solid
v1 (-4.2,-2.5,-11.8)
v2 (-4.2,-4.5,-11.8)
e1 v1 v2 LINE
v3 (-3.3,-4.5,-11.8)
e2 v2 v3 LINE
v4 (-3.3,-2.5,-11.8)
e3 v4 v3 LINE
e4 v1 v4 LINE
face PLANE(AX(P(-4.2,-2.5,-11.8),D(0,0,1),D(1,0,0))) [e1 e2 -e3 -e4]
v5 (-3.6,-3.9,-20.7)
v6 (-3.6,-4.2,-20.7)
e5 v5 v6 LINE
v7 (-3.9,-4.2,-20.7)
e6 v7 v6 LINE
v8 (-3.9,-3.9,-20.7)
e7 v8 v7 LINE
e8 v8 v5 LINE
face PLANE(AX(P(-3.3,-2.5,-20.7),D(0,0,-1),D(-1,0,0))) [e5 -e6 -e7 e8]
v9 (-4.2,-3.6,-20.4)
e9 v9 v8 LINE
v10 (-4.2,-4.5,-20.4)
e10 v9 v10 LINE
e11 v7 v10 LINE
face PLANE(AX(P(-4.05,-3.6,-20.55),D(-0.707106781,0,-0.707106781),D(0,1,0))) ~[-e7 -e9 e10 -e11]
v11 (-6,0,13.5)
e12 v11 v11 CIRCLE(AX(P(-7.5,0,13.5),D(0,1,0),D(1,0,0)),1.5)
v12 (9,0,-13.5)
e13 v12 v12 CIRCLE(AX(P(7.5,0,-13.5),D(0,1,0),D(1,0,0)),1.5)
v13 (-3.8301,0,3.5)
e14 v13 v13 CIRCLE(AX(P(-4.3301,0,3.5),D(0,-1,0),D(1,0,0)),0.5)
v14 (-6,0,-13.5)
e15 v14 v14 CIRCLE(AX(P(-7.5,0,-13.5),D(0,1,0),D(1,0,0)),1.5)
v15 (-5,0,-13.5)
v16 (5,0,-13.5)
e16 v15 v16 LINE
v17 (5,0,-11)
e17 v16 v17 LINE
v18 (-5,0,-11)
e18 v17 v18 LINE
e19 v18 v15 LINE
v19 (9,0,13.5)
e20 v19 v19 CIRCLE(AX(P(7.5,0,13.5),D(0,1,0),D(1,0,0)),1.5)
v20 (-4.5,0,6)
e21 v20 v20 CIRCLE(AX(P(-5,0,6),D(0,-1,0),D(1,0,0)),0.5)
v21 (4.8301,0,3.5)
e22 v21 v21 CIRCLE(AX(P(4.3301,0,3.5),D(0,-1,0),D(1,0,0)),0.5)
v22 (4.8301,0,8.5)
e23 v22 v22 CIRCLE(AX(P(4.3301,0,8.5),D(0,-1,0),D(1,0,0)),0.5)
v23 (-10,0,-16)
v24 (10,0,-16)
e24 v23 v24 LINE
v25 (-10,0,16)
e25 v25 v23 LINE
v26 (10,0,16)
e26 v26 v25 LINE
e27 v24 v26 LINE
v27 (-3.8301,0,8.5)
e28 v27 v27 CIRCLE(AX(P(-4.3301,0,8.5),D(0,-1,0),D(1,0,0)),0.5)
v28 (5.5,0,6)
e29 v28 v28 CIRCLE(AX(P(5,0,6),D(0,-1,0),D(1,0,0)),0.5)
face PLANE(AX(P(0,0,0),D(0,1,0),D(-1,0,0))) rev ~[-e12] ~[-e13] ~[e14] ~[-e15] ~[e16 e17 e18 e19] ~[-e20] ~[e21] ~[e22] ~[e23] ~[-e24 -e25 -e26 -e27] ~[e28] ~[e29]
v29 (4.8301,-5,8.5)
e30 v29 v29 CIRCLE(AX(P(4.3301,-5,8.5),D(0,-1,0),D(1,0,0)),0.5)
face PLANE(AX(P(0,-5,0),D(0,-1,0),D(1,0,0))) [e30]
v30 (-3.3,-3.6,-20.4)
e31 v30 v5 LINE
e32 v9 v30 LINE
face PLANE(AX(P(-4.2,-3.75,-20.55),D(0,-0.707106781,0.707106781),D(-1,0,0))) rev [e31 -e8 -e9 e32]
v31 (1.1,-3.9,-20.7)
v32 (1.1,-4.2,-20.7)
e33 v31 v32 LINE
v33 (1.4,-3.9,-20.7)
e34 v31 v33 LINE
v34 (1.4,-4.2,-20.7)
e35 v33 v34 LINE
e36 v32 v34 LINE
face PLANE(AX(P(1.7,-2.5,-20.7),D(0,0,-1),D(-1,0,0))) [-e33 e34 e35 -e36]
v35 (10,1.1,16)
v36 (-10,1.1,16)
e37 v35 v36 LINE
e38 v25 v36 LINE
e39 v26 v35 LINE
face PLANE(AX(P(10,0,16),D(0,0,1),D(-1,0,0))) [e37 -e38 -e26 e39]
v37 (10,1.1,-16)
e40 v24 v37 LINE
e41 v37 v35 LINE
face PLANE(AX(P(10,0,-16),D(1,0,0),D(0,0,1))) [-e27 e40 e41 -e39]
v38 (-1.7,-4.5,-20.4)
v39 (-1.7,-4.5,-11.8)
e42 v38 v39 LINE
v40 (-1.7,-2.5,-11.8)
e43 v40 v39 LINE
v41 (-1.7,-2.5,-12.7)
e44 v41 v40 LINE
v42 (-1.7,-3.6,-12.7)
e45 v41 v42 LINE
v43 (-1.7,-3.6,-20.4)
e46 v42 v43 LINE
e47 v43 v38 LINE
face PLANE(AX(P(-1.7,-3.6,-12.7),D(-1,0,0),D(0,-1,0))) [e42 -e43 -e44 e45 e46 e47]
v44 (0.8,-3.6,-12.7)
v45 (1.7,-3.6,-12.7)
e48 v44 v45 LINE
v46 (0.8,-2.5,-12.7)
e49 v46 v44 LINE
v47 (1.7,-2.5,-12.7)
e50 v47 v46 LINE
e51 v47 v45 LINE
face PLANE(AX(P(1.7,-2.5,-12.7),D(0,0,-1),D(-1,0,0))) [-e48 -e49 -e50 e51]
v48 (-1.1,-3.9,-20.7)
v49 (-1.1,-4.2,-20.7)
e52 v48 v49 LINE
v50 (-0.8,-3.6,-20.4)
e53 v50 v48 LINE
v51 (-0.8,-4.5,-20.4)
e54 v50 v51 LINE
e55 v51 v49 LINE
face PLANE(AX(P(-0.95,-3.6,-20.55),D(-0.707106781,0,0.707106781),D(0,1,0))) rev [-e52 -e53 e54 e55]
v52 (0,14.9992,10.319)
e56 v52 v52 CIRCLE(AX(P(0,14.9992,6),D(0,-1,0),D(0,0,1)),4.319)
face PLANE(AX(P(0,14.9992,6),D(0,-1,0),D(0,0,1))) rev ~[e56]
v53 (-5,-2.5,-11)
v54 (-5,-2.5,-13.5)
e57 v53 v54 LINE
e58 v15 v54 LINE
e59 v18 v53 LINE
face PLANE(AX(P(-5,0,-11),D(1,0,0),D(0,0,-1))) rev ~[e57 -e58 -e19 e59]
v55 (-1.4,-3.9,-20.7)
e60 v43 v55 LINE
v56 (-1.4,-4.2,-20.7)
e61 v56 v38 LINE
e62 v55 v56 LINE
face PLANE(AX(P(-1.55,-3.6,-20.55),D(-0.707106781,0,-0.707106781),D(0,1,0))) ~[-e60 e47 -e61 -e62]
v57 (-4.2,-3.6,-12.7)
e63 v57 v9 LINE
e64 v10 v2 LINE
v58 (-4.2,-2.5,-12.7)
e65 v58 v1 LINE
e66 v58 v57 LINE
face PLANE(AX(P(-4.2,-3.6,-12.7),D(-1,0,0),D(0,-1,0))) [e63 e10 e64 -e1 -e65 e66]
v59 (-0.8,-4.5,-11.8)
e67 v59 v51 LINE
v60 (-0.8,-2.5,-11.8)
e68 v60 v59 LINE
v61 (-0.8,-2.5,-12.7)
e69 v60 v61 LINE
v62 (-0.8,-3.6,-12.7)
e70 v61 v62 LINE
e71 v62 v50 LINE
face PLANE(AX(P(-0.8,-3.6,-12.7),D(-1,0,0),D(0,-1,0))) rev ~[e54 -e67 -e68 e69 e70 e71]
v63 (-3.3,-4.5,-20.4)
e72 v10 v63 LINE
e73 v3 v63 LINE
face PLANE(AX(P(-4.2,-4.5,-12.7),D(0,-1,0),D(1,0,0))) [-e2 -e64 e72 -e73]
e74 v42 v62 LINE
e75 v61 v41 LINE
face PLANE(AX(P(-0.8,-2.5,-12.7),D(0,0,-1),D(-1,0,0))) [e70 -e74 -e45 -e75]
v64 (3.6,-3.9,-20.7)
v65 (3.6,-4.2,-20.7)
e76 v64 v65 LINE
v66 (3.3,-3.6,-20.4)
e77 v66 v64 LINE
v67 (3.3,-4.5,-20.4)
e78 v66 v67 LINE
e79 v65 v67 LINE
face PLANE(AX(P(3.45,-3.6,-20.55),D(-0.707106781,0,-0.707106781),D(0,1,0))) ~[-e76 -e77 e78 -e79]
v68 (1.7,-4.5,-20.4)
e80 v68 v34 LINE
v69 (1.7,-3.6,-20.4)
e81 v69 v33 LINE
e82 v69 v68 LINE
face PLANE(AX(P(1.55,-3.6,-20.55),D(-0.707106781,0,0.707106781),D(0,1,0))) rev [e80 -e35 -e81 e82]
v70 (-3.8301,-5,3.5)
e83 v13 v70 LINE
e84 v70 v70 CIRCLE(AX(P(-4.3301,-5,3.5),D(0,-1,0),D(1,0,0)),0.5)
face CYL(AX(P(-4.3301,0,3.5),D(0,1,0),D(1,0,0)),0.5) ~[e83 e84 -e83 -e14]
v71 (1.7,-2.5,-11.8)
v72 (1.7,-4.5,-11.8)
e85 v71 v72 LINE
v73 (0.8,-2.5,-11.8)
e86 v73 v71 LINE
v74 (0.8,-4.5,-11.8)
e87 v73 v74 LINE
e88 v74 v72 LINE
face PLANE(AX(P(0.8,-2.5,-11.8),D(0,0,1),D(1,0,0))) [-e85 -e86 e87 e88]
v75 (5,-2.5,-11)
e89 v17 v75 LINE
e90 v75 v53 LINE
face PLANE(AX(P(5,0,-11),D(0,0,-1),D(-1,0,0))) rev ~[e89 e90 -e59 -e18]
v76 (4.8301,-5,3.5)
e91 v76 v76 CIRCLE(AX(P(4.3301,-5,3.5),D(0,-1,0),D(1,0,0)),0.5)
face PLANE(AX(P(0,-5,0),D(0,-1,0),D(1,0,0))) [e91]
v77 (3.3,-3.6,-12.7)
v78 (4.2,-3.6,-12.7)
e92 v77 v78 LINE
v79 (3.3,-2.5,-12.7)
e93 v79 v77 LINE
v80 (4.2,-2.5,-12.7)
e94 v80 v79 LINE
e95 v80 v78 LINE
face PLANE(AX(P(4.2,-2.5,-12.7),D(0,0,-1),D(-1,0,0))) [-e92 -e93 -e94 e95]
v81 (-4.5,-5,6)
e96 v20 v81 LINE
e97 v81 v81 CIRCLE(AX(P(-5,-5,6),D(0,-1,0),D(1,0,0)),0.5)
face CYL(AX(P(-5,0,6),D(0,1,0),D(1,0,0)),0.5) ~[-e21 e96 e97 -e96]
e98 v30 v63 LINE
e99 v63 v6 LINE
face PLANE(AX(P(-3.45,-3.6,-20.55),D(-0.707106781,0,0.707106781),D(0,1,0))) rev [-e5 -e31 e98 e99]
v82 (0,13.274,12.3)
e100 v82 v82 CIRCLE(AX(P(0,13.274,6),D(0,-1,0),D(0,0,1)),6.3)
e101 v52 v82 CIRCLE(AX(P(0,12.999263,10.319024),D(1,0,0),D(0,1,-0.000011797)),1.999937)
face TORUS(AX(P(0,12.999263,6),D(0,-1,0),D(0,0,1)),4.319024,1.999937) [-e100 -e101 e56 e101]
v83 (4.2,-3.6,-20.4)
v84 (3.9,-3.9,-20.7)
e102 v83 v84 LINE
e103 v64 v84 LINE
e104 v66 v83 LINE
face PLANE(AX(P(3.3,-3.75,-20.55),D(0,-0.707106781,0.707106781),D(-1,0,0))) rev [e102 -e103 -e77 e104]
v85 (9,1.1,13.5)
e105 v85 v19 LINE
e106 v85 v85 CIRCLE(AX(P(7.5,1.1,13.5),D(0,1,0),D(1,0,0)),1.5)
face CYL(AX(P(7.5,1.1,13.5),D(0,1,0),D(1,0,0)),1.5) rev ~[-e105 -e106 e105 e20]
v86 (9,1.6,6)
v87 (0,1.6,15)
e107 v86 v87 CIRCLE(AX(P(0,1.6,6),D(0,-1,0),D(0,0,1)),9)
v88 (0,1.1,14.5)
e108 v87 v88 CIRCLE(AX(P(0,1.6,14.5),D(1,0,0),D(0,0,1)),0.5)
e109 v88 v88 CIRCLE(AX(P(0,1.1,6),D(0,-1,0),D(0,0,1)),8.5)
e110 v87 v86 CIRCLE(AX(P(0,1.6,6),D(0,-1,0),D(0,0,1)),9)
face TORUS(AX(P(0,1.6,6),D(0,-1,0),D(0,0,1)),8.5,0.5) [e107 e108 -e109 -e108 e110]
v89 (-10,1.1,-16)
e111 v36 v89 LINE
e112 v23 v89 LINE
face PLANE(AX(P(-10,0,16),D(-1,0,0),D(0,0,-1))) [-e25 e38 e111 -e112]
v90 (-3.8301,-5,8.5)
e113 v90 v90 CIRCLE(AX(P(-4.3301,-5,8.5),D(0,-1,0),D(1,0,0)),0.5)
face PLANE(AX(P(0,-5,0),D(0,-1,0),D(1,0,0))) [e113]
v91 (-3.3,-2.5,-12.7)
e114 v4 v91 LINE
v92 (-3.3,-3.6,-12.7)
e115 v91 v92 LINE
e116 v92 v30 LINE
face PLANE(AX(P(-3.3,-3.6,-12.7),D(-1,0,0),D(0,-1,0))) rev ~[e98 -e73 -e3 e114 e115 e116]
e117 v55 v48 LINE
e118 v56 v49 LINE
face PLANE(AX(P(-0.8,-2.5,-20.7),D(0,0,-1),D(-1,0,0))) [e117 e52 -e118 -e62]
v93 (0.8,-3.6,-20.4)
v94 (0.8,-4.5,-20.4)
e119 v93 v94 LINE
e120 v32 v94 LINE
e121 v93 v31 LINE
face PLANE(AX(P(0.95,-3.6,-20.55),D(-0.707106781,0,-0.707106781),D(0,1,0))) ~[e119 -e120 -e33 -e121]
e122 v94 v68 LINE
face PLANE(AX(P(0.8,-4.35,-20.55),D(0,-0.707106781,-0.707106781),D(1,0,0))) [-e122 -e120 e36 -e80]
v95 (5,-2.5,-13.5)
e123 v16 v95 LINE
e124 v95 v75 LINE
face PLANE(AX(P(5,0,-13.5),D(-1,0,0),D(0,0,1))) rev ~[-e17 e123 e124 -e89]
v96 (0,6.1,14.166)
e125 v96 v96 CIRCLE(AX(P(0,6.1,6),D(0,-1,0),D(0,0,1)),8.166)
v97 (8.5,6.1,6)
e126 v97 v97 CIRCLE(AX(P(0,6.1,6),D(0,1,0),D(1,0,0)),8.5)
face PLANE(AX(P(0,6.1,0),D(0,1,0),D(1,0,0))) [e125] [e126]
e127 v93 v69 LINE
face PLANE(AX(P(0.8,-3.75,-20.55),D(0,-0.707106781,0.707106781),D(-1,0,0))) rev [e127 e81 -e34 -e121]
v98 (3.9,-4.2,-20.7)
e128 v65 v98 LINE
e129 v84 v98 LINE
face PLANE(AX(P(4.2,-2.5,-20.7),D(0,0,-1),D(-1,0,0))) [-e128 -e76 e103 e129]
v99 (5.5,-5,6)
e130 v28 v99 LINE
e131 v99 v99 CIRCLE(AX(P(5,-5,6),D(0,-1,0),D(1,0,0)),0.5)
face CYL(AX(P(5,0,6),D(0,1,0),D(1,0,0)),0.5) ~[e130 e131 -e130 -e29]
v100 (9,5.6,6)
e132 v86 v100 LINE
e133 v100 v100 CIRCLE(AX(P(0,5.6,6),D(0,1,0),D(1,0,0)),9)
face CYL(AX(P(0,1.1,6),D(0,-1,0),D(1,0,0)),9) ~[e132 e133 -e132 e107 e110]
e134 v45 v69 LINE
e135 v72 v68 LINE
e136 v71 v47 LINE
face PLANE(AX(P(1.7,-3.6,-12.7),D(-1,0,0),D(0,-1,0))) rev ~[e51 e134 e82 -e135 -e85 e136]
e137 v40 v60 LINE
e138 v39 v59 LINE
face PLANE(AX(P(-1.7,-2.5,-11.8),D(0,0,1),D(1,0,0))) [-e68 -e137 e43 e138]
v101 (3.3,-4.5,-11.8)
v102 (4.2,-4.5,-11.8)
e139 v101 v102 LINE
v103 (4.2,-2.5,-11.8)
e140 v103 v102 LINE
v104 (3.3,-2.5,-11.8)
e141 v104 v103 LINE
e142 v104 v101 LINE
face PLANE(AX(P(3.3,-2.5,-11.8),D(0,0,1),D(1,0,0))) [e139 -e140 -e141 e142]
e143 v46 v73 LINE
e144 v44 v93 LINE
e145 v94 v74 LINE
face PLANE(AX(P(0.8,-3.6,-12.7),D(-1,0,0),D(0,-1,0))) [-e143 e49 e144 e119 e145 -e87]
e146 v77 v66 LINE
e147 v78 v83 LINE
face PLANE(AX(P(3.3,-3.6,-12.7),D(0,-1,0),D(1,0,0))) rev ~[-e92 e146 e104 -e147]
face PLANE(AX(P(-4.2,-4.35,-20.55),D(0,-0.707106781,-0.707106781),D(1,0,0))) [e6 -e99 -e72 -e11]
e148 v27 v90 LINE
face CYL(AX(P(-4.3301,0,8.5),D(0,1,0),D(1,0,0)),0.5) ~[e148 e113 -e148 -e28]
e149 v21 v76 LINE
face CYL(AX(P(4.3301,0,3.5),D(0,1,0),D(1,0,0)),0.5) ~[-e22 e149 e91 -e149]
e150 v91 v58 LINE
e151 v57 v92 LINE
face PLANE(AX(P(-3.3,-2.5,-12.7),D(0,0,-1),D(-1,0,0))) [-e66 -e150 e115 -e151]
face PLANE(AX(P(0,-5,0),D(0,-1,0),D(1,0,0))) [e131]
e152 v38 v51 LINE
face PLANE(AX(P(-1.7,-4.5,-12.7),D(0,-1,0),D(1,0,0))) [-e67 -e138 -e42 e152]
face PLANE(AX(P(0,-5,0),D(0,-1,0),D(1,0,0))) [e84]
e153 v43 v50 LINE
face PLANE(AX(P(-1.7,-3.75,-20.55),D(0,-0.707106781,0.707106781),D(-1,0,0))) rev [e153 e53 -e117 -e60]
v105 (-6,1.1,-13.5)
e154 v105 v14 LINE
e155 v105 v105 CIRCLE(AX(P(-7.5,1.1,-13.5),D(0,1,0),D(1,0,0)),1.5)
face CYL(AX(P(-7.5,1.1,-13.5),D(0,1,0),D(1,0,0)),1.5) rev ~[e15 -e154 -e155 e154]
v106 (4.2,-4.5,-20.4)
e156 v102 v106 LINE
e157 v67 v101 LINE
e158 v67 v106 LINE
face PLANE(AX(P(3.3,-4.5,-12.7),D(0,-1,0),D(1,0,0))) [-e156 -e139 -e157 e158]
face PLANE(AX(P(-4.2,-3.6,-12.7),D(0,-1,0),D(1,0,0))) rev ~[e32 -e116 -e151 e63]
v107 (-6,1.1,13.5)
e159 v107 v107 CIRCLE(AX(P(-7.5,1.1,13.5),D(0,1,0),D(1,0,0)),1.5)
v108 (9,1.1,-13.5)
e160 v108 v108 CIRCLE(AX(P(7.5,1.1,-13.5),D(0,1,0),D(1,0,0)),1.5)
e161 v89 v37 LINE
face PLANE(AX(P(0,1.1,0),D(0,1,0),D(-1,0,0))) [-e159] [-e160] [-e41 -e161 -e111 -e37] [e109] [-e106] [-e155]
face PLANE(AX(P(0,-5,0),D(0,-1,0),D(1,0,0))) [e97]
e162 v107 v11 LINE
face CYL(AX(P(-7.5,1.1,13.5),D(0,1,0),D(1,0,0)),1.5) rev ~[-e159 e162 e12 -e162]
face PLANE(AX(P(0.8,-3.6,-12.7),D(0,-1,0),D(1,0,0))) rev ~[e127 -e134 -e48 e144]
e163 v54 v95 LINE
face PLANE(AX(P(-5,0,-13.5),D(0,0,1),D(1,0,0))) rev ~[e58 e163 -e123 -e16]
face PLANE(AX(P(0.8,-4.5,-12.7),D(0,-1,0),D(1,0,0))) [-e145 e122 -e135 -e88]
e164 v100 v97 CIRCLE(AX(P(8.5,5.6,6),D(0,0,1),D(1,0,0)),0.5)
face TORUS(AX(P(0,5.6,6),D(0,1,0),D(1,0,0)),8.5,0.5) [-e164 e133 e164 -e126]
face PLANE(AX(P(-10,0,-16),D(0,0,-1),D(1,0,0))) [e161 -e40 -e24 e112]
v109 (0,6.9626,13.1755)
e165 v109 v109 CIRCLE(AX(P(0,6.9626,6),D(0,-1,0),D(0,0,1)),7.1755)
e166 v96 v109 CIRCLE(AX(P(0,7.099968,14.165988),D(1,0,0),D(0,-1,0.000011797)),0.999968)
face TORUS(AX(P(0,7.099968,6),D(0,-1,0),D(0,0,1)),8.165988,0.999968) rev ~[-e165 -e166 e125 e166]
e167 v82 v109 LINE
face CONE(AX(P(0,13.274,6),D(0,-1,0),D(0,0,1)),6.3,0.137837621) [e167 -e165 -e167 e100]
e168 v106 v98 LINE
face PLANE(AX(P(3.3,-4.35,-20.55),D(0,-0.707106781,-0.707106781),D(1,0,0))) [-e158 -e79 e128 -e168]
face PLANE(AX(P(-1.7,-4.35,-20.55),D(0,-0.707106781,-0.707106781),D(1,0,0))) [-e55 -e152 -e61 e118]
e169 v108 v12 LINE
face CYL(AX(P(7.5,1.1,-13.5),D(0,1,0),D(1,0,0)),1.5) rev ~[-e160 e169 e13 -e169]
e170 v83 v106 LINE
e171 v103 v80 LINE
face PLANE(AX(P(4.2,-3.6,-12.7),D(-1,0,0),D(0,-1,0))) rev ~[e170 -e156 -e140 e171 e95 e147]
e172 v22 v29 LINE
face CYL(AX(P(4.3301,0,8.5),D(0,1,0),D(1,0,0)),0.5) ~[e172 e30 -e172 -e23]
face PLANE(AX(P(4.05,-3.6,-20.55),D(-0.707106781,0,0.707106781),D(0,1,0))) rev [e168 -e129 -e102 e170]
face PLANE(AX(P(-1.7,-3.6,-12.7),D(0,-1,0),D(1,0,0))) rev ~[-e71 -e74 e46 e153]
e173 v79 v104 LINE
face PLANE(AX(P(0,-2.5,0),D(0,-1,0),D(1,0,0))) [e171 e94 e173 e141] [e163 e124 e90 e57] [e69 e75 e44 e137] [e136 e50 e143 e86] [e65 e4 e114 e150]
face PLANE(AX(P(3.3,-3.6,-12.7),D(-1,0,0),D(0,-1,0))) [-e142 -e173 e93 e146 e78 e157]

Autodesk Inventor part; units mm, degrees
ref_plane "YZ Plane" through (0, 0, 0) normal (1, 0, 0) x (0, 1, 0)
ref_plane "XZ Plane" through (0, 0, 0) normal (0, 1, 0) x (-1, 0, 0)
ref_plane "XY Plane" through (0, 0, 0) normal (0, 0, 1) x (1, 0, 0)
sketch "Sketch1" plane through (0, 0, 0) normal (0, 1, 0) x (-1, 0, 0)
  line L0 (10, -16) -> (-10, -16)
  line L1 (-10, -16) -> (-10, 16)
  line L2 (-10, 16) -> (10, 16)
  line L3 (10, 16) -> (10, -16)
  point P0 (0, 0)
  point P1 (0, -16)
  point P2 (10, 0)
  dimension "d0" = 20
  dimension "d1" = 32
extrude "Extrusion1" add sketch "Sketch1" along normal blind 1.1
sketch "Sketch2" plane through (0, 1.1, 0) normal (0, 1, 0) x (1, 0, 0)
  circle A0 centre (-7.5, -13.5) radius 1.5
  line L0 (-10, -16) -> (10, -16) projected
  line L1 (-10, 16) -> (-10, -16) projected
  line L2 (-10, 0) -> (10, 0) construction
  line L3 (0, -16) -> (0, 16)
  circle A1 centre (-7.5, 13.5) radius 1.5
  circle A2 centre (7.5, -13.5) radius 1.5
  circle A3 centre (7.5, 13.5) radius 1.5
  point P0 (0, 0)
  dimension "d4" = 3
  dimension "d5" = 2.5
  dimension "d6" = 2.5
extrude "Extrusion2" cut sketch "Sketch2" against normal through all
sketch "Sketch3" plane through (0, 1.1, 0) normal (0, 1, 0) x (1, 0, 0)
  circle A0 centre (0, -6) radius 9
  line L0 (-10, -16) -> (10, -16) projected
  point P0 (0, 0)
  dimension "d9" = 18
  dimension "d10" = 10
extrude "Extrusion3" add sketch "Sketch3" along normal blind 5
fillet "Fillet1" radius 0.5 1 edges at (-9, 6.1, 6)
sketch "Sketch4" plane through (0, 0, 0) normal (1, 0, 0) x (0, 1, 0)
  line L0 (1.1, 15) -> (5.6, 15) construction
  line L1 (1.1, 15) -> (1.1, 12) construction
  arc A0 (6.1, 14.5) -> (5.6, 15) centre (5.6, 14.5) ccw projected
  line L2 (1.1, 15) -> (1.1, 12.0001) projected
  line L3 (1.1, 15) -> (1.6, 15)
  line L4 (1.1, 15) -> (1.1, 14.5)
  arc A1 (1.6, 15) -> (1.1, 14.5) centre (1.6, 14.5) ccw
  line L5 (6.1, 6) -> (3.5731, 6) construction
  line L6 (6.1, 14.5) -> (6.1, -2.5) construction
  point P0 (0, 0)
  point P1 (1.1, 6)
  dimension "d17" = 0.5
  dimension "d18" = 0.5
revolve "Revolution1" cut sketch "Sketch4" angle 360 about axis through (0, 6.1, 6) along (0, -1, 0)
sketch "Sketch5" plane through (0, 0, 0) normal (1, 0, 0) x (0, 1, 0)
  line L0 (13.274, 6) -> (6.1, 6)
  line L1 (6.1, 14.5) -> (6.1, -2.5) projected
  arc A0 (6.1, 14.166) -> (6.9626, 13.1755) centre (7.1, 14.166) ccw
  line L2 (13.274, 12.3) -> (13.274, 6)
  line L3 (13.274, 12.3) -> (6.9626, 13.1755)
  line L4 (6.1, 14.166) -> (6.1, 6)
  line L5 (14.9992, 10.319) -> (14.9992, 6)
  line L6 (13.274, 6) -> (14.9992, 6)
  arc A1 (14.9992, 10.319) -> (13.274, 12.3) centre (12.9992, 10.319) ccw
  point P0 (0, 0)
  point P1 (13.274, 10.9657)
  dimension "d20" = 2
  dimension "d21" = 0.334
  dimension "d22" = 7.174
  dimension "d23" = 6.3
  dimension "d35" = 4
revolve "Revolution2" add sketch "Sketch5" angle 360 about axis through (0, 13.274, 6) along (0, -1, 0)
sketch "Sketch6" plane through (0, 0, 0) normal (0, -1, 0) x (1, 0, 0)
  circle A0 centre (0, 6) radius 7.166 projected
  circle A1 centre (0, 6) radius 5 construction
  circle A2 centre (5, 6) radius 0.5
  circle A3 centre (4.3301, 8.5) radius 0.5
  circle A4 centre (2.5, 10.3301) radius 0.5
  circle A5 centre (0, 11) radius 0.5
  circle A6 centre (-2.5, 10.3301) radius 0.5
  circle A7 centre (-4.3301, 8.5) radius 0.5
  circle A8 centre (-5, 6) radius 0.5
  circle A9 centre (-4.3301, 3.5) radius 0.5
  circle A10 centre (-2.5, 1.6699) radius 0.5
  circle A11 centre (0, 1) radius 0.5
  circle A12 centre (2.5, 1.6699) radius 0.5
  circle A13 centre (4.3301, 3.5) radius 0.5
  point P0 (0, 0)
  dimension "d27" = 10
  dimension "d28" = 1
  dimension "d31" = 360
extrude "Extrusion4" add sketch "Sketch6" along normal blind 5 contours A2 | A3 | A7 | A8 | A9 | A13
sketch "Sketch7" plane through (0, 0, 0) normal (0, -1, 0) x (1, 0, 0)
  line L0 (5, -11) -> (-5, -11)
  line L1 (-5, -11) -> (-5, -13.5)
  line L2 (-5, -13.5) -> (5, -13.5)
  line L3 (5, -13.5) -> (5, -11)
  line L4 (-10, -16) -> (10, -16) projected
  point P0 (0, 0)
  point P1 (0, -13.5)
  dimension "d36" = 10
  dimension "d37" = 2.5
  dimension "d38" = 2.5
extrude "Extrusion5" add sketch "Sketch7" along normal blind 2.5
sketch "Sketch8" plane through (0, -2.5, 0) normal (0, -1, 0) x (1, 0, 0)
  line L0 (4.2, -12.7) -> (3.3, -12.7)
  line L1 (3.3, -12.7) -> (3.3, -11.8)
  line L2 (3.3, -11.8) -> (4.2, -11.8)
  line L3 (4.2, -11.8) -> (4.2, -12.7)
  line L4 (5, -13.5) -> (5, -11) projected
  line L5 (5, -11) -> (-5, -11) projected
  line L6 (-5, -11) -> (-5, -13.5) projected
  line L7 (-5, -13.5) -> (5, -13.5) projected
  line L8 (5, -13.5) -> (5, -11) projected
  line L9 (1.7, -12.7) -> (0.8, -12.7)
  line L10 (1.7, -11.8) -> (1.7, -12.7)
  line L11 (0.8, -12.7) -> (0.8, -11.8)
  line L12 (0.8, -11.8) -> (1.7, -11.8)
  line L13 (-0.8, -12.7) -> (-1.7, -12.7)
  line L14 (-0.8, -11.8) -> (-0.8, -12.7)
  line L15 (-1.7, -12.7) -> (-1.7, -11.8)
  line L16 (-1.7, -11.8) -> (-0.8, -11.8)
  line L17 (-3.3, -12.7) -> (-4.2, -12.7)
  line L18 (-3.3, -11.8) -> (-3.3, -12.7)
  line L19 (-4.2, -12.7) -> (-4.2, -11.8)
  line L20 (-4.2, -11.8) -> (-3.3, -11.8)
  point P0 (0, 0)
  point P1 (5, -12.25)
  point P2 (4.2, -12.25)
  point P3 (1.7, -12.25)
  point P4 (-0.8, -12.25)
  point P5 (-3.3, -12.25)
  dimension "d41" = 0.9
  dimension "d42" = 0.9
  dimension "d43" = 0.8
  dimension "d46" = 2.5
extrude "Extrusion6" add sketch "Sketch8" along normal blind 2 contours L0 L1 L2 L3 | L9 L11 L12 L10 | L13 L15 L16 L14 | L17 L19 L20 L18
sketch "Sketch9" plane through (4.2, -2.5, -12.7) normal (0, 0, -1) x (-1, 0, 0)
  line L0 (0, 0) -> (0.9, 0) projected
  line L1 (0, 0) -> (0, -2) projected
  line L2 (0.9, -2) -> (0, -2) projected
  line L3 (0.9, 0) -> (0.9, -2) projected
  line L4 (0.9, -1.1) -> (0, -1.1)
  point P0 (4.2, 2.5)
  dimension "d53" = 0.9
  dimension "d54" = 0.9
extrude "Extrusion7" add sketch "Sketch9" along normal blind 8 contours L4 L3 L2 L1
chamfer "Chamfer1" distance 0.3 angle 45 4 edges at (4.2, -4.05, -20.7) (3.75, -4.5, -20.7) (3.3, -4.05, -20.7) (3.75, -3.6, -20.7)
pattern_linear "Rectangular Pattern1" count 4 spacing 2.5 along (-1, 0, 0) of "Extrusion7", "Chamfer1"
equation "\"d53\" = d54"
properties part number "MQ_New" material "Steel, Mild, Welded"
